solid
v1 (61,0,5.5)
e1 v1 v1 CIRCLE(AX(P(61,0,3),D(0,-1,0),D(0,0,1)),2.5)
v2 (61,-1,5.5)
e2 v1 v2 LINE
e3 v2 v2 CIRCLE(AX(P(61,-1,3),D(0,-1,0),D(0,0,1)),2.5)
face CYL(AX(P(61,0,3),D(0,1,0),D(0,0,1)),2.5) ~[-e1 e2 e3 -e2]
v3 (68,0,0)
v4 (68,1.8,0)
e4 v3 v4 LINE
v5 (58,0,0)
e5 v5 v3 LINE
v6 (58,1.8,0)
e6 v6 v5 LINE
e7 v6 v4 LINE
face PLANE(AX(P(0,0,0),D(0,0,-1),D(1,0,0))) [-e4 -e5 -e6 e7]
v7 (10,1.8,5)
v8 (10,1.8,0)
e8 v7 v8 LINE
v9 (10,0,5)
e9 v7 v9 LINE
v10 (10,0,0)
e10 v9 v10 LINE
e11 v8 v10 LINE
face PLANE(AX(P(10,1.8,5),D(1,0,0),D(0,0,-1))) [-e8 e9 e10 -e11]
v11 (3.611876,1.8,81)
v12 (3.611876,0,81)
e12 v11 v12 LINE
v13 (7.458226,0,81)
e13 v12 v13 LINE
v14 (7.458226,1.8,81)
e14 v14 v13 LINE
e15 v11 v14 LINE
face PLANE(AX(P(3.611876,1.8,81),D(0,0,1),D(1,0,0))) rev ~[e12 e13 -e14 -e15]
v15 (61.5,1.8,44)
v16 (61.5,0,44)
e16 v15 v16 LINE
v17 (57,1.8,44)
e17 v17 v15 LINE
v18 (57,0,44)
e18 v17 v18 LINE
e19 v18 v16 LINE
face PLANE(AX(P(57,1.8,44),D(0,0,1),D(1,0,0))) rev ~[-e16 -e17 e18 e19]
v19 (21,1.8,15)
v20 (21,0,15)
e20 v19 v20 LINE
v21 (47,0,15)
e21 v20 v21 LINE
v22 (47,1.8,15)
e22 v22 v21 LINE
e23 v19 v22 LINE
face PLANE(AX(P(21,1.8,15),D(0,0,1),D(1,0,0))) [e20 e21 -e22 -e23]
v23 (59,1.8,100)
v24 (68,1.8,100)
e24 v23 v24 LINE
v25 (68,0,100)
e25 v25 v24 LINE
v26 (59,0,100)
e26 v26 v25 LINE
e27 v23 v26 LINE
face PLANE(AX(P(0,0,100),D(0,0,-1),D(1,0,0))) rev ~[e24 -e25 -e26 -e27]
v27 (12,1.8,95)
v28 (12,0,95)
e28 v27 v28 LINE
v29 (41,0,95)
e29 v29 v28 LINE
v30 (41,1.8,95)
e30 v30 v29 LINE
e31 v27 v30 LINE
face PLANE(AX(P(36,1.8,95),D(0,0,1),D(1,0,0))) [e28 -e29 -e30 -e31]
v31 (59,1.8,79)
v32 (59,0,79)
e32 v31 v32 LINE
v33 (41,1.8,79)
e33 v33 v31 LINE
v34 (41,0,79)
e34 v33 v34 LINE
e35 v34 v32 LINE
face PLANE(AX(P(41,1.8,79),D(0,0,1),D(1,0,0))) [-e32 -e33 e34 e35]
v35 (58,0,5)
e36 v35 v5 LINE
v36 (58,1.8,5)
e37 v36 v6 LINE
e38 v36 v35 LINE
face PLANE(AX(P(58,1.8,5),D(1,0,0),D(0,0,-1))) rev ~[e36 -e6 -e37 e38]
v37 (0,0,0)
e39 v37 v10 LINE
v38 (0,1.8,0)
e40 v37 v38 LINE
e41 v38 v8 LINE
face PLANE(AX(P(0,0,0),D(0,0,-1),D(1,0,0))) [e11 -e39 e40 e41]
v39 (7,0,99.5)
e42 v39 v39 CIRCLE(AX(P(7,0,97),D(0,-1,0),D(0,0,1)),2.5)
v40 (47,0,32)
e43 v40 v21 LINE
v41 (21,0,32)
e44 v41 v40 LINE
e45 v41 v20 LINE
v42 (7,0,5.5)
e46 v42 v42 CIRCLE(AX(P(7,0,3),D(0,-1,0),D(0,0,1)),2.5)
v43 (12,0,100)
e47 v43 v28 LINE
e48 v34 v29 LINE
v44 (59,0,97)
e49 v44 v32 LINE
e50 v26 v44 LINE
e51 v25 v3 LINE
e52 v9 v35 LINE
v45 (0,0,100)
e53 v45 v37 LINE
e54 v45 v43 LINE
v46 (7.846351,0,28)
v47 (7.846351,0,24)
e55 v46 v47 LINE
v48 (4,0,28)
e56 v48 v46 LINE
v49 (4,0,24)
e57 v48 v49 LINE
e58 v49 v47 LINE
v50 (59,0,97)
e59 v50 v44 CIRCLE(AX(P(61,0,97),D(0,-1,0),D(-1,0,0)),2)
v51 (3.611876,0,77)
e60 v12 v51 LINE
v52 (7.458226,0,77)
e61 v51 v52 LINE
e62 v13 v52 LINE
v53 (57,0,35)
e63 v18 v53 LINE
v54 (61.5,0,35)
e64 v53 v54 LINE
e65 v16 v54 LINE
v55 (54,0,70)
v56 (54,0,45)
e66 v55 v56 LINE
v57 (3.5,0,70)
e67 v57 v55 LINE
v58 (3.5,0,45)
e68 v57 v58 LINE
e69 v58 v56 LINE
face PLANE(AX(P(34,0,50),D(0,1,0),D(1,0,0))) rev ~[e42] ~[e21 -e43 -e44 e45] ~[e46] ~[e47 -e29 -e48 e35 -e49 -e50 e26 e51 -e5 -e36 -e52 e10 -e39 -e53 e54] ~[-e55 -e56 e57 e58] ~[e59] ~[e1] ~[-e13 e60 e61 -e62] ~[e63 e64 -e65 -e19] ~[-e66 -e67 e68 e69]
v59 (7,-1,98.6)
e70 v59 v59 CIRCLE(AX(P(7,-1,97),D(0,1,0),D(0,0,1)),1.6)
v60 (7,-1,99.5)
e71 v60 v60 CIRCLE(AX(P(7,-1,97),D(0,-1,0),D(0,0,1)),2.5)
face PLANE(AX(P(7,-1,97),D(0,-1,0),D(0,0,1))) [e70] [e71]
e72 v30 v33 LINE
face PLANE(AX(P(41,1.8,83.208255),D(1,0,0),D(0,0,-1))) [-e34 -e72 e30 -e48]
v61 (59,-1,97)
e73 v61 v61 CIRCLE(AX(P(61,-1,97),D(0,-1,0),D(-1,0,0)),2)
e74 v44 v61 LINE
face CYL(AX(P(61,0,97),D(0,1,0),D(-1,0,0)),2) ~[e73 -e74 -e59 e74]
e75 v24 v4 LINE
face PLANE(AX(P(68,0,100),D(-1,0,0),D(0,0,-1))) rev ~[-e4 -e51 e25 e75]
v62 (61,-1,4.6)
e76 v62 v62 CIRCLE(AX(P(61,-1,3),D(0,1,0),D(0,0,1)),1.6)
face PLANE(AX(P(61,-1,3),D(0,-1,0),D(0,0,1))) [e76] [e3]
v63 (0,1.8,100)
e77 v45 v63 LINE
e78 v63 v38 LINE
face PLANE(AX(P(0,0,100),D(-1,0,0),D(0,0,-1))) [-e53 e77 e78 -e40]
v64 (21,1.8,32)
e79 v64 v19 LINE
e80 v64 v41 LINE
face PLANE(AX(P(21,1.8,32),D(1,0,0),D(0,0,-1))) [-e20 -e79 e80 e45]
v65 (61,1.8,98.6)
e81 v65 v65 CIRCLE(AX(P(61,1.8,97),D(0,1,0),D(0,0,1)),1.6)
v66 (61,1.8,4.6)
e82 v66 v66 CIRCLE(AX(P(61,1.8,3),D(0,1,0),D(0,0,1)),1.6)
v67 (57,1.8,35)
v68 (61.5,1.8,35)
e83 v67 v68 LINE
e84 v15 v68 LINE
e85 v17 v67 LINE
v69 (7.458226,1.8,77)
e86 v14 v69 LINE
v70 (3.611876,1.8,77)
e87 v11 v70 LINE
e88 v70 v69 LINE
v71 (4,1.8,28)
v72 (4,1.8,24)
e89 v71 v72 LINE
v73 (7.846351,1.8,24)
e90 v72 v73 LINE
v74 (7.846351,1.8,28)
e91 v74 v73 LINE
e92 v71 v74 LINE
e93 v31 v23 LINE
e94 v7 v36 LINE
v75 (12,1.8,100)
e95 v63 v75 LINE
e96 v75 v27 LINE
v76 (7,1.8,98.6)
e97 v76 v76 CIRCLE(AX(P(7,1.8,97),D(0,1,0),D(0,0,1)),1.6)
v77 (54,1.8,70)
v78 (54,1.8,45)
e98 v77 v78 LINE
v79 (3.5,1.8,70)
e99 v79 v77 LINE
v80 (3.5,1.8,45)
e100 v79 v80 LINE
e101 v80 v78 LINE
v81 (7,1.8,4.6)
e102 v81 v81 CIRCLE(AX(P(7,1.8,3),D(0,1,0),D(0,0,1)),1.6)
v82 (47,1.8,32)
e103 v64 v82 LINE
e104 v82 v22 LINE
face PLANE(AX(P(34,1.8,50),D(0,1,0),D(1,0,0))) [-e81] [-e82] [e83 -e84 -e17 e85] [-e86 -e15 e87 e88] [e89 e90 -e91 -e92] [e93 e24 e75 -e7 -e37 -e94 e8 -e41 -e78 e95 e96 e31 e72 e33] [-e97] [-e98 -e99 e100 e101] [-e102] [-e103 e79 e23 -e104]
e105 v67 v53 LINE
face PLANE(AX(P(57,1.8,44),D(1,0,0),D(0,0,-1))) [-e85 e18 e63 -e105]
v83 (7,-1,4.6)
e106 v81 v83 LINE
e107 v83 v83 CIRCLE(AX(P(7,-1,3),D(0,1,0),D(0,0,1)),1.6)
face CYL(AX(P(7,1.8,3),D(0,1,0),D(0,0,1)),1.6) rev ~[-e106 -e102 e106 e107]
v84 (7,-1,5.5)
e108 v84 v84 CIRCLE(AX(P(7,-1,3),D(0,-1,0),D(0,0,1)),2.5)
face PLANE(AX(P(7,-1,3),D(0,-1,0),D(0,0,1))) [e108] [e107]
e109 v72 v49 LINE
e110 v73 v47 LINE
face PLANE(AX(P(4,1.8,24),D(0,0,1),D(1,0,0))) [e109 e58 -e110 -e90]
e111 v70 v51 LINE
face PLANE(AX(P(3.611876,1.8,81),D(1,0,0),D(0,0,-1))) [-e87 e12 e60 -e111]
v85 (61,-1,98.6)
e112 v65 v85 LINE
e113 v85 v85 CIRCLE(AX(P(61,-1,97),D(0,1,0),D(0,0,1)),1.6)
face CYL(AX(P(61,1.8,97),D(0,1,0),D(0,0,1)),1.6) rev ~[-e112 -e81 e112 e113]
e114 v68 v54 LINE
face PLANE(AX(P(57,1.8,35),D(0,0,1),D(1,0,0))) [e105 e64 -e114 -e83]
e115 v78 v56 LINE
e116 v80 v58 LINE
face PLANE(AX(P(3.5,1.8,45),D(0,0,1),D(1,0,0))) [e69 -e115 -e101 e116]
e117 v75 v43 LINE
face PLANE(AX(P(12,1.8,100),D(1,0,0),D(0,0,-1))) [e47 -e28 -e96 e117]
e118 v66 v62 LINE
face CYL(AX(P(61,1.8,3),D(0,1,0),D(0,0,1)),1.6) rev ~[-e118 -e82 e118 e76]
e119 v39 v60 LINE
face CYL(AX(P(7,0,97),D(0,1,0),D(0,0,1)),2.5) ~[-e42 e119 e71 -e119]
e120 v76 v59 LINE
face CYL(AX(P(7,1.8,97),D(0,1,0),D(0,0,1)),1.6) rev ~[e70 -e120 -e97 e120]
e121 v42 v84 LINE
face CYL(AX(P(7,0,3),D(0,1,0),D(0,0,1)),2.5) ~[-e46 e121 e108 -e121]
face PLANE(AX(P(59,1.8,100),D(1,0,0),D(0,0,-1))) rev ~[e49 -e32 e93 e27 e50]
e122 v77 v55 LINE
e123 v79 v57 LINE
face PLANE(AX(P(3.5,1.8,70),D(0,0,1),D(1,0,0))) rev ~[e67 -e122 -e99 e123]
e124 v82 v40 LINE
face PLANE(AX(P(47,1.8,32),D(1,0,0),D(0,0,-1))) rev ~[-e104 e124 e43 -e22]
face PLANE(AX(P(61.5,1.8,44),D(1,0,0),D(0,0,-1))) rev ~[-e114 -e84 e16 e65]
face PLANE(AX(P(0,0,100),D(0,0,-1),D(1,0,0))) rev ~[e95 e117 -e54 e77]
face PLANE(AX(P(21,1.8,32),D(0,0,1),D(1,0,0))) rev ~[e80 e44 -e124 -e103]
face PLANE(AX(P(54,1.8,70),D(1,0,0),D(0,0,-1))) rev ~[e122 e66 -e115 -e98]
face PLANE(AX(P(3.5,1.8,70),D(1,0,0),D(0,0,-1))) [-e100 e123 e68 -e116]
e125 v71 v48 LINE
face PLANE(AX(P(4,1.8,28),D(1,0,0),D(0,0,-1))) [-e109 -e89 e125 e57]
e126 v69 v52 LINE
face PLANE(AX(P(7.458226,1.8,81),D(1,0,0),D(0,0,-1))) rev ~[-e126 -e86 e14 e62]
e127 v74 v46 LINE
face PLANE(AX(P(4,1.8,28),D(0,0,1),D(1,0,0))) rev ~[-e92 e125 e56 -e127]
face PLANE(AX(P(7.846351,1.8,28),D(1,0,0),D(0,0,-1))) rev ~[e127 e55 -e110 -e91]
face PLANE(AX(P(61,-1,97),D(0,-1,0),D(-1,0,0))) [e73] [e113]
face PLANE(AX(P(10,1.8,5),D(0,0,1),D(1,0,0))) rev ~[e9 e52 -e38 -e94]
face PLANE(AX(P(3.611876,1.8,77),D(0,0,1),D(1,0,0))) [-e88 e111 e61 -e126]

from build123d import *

# Parameters (mm, degrees)
SKETCH_1_W          = 68
SKETCH_1_H          = 100
EXTRUDE_1_DEPTH     = 1.8
SKETCH_2_W          = 48
SKETCH_2_H          = 5
SKETCH_2_W_2        = 26
SKETCH_2_H_2        = 17
SKETCH_2_W_3        = 3.846350714
SKETCH_2_H_3        = 4
SKETCH_2_W_4        = 50.5
SKETCH_2_H_4        = 25
SKETCH_2_W_5        = 24
SKETCH_2_W_6        = 18
SKETCH_2_H_5        = 16.79174546
SKETCH_2_W_7        = 4.5
SKETCH_2_H_6        = 9
CUT_EXTRUDE_1_DEPTH = 1.8
SKETCH_4_R          = 2.5
SKETCH_4_R_2        = 1.4
SKETCH_4_R_3        = 2
EXTRUDE_3_DEPTH     = 1
CUT_EXTRUDE_START   = -14
SKETCH_6_R          = 1.4
CUT_EXTRUDE_3_DEPTH = 14
SKETCH_8_W          = 5
SKETCH_8_H          = 5
SKETCH_8_W_2        = 18
SKETCH_8_H_2        = 4.20825454
CUT_EXTRUDE_4_DEPTH = 10
SKETCH_9_R          = 1.6
CUT_EXTRUDE_5_DEPTH = 10


with BuildPart() as part:
    # 草图1 → 凸台-拉伸1 (new body)
    with BuildSketch(Plane(origin=(0, 0, 0), x_dir=(1, 0, 0), z_dir=(0, 1, 0))):
        with Locations((34, -50)):
            Rectangle(SKETCH_1_W, SKETCH_1_H)
    extrude(amount=EXTRUDE_1_DEPTH)

    # 草图2 → 切除-拉伸1 (cut)
    with BuildSketch(Plane(origin=(0, 1.8, 0), x_dir=(1, 0, 0), z_dir=(0, 1, 0))):
        with Locations((34, -2.5)):
            Rectangle(SKETCH_2_W, SKETCH_2_H)
        with Locations((34, -23.5)):
            Rectangle(SKETCH_2_W_2, SKETCH_2_H_2)
        with Locations((5.923175357, -26)):
            Rectangle(SKETCH_2_W_3, SKETCH_2_H_3)
        with Locations((5.535050967, -79)):
            Rectangle(SKETCH_2_W_3, SKETCH_2_H_3)
        with Locations((28.75, -57.5)):
            Rectangle(SKETCH_2_W_4, SKETCH_2_H_4)
        with Locations((24, -97.5)):
            Rectangle(SKETCH_2_W_5, SKETCH_2_H)
        with Locations((50, -91.60412727)):
            Rectangle(SKETCH_2_W_6, SKETCH_2_H_5)
        with Locations((59.25, -39.5)):
            Rectangle(SKETCH_2_W_7, SKETCH_2_H_6)
    extrude(amount=-CUT_EXTRUDE_1_DEPTH, mode=Mode.SUBTRACT)

    # 草图4 → 凸台-拉伸3 (add)
    # profile 1 of 4: a face of its own
    with BuildSketch(Plane.XZ):
        with Locations(Location((7, 97, 0), (0, 0, 90))):
            Circle(SKETCH_4_R)
        with Locations(Location((7, 97, 0), (0, 0, 270))):
            Circle(SKETCH_4_R_2, mode=Mode.SUBTRACT)
    # profile 2 of 4: a face of its own
    with BuildSketch(Plane.XZ):
        with Locations(Location((61, 97, 0), (0, 0, 180))):
            Circle(SKETCH_4_R_3)
        with Locations(Location((61, 97, 0), (0, 0, 270))):
            Circle(SKETCH_4_R_2, mode=Mode.SUBTRACT)
    # profile 3 of 4: a face of its own
    with BuildSketch(Plane.XZ):
        with Locations(Location((61, 3, 0), (0, 0, 90))):
            Circle(SKETCH_4_R)
        with Locations(Location((61, 3, 0), (0, 0, 270))):
            Circle(SKETCH_4_R_2, mode=Mode.SUBTRACT)
    # profile 4 of 4: a face of its own
    with BuildSketch(Plane.XZ):
        with Locations(Location((7, 3, 0), (0, 0, 90))):
            Circle(SKETCH_4_R)
        with Locations(Location((7, 3, 0), (0, 0, 270))):
            Circle(SKETCH_4_R_2, mode=Mode.SUBTRACT)
    extrude(amount=EXTRUDE_3_DEPTH)

    # 草图6 → 切除-拉伸3 (cut)
    with BuildSketch(Plane.XZ.offset(CUT_EXTRUDE_START)):
        with Locations(Location((7, 97, 0), (0, 0, 90))):
            Circle(SKETCH_6_R)
        with Locations(Location((61, 97, 0), (0, 0, 90))):
            Circle(SKETCH_6_R)
        with Locations(Location((61, 3, 0), (0, 0, 90))):
            Circle(SKETCH_6_R)
        with Locations(Location((7, 3, 0), (0, 0, 90))):
            Circle(SKETCH_6_R)
    extrude(amount=CUT_EXTRUDE_3_DEPTH, mode=Mode.SUBTRACT)

    # 草图8 → 切除-拉伸4 (cut)
    with BuildSketch(Plane(origin=(0, 1.8, 0), x_dir=(1, 0, 0), z_dir=(0, 1, 0))):
        with Locations((38.5, -97.5)):
            Rectangle(SKETCH_8_W, SKETCH_8_H)
        with Locations((50, -81.10412727)):
            Rectangle(SKETCH_8_W_2, SKETCH_8_H_2)
    extrude(amount=-CUT_EXTRUDE_4_DEPTH, mode=Mode.SUBTRACT)

    # 草图9 → 切除-拉伸5 (cut)
    with BuildSketch(Plane(origin=(0, 1.8, 0), x_dir=(1, 0, 0), z_dir=(0, 1, 0))):
        with Locations(Location((7, -3, 0), (0, 0, 270))):
            Circle(SKETCH_9_R)
        with Locations(Location((61, -3, 0), (0, 0, 270))):
            Circle(SKETCH_9_R)
        with Locations(Location((61, -97, 0), (0, 0, 270))):
            Circle(SKETCH_9_R)
        with Locations(Location((7, -97, 0), (0, 0, 270))):
            Circle(SKETCH_9_R)
    extrude(amount=-CUT_EXTRUDE_5_DEPTH, mode=Mode.SUBTRACT)


solid = part.part
